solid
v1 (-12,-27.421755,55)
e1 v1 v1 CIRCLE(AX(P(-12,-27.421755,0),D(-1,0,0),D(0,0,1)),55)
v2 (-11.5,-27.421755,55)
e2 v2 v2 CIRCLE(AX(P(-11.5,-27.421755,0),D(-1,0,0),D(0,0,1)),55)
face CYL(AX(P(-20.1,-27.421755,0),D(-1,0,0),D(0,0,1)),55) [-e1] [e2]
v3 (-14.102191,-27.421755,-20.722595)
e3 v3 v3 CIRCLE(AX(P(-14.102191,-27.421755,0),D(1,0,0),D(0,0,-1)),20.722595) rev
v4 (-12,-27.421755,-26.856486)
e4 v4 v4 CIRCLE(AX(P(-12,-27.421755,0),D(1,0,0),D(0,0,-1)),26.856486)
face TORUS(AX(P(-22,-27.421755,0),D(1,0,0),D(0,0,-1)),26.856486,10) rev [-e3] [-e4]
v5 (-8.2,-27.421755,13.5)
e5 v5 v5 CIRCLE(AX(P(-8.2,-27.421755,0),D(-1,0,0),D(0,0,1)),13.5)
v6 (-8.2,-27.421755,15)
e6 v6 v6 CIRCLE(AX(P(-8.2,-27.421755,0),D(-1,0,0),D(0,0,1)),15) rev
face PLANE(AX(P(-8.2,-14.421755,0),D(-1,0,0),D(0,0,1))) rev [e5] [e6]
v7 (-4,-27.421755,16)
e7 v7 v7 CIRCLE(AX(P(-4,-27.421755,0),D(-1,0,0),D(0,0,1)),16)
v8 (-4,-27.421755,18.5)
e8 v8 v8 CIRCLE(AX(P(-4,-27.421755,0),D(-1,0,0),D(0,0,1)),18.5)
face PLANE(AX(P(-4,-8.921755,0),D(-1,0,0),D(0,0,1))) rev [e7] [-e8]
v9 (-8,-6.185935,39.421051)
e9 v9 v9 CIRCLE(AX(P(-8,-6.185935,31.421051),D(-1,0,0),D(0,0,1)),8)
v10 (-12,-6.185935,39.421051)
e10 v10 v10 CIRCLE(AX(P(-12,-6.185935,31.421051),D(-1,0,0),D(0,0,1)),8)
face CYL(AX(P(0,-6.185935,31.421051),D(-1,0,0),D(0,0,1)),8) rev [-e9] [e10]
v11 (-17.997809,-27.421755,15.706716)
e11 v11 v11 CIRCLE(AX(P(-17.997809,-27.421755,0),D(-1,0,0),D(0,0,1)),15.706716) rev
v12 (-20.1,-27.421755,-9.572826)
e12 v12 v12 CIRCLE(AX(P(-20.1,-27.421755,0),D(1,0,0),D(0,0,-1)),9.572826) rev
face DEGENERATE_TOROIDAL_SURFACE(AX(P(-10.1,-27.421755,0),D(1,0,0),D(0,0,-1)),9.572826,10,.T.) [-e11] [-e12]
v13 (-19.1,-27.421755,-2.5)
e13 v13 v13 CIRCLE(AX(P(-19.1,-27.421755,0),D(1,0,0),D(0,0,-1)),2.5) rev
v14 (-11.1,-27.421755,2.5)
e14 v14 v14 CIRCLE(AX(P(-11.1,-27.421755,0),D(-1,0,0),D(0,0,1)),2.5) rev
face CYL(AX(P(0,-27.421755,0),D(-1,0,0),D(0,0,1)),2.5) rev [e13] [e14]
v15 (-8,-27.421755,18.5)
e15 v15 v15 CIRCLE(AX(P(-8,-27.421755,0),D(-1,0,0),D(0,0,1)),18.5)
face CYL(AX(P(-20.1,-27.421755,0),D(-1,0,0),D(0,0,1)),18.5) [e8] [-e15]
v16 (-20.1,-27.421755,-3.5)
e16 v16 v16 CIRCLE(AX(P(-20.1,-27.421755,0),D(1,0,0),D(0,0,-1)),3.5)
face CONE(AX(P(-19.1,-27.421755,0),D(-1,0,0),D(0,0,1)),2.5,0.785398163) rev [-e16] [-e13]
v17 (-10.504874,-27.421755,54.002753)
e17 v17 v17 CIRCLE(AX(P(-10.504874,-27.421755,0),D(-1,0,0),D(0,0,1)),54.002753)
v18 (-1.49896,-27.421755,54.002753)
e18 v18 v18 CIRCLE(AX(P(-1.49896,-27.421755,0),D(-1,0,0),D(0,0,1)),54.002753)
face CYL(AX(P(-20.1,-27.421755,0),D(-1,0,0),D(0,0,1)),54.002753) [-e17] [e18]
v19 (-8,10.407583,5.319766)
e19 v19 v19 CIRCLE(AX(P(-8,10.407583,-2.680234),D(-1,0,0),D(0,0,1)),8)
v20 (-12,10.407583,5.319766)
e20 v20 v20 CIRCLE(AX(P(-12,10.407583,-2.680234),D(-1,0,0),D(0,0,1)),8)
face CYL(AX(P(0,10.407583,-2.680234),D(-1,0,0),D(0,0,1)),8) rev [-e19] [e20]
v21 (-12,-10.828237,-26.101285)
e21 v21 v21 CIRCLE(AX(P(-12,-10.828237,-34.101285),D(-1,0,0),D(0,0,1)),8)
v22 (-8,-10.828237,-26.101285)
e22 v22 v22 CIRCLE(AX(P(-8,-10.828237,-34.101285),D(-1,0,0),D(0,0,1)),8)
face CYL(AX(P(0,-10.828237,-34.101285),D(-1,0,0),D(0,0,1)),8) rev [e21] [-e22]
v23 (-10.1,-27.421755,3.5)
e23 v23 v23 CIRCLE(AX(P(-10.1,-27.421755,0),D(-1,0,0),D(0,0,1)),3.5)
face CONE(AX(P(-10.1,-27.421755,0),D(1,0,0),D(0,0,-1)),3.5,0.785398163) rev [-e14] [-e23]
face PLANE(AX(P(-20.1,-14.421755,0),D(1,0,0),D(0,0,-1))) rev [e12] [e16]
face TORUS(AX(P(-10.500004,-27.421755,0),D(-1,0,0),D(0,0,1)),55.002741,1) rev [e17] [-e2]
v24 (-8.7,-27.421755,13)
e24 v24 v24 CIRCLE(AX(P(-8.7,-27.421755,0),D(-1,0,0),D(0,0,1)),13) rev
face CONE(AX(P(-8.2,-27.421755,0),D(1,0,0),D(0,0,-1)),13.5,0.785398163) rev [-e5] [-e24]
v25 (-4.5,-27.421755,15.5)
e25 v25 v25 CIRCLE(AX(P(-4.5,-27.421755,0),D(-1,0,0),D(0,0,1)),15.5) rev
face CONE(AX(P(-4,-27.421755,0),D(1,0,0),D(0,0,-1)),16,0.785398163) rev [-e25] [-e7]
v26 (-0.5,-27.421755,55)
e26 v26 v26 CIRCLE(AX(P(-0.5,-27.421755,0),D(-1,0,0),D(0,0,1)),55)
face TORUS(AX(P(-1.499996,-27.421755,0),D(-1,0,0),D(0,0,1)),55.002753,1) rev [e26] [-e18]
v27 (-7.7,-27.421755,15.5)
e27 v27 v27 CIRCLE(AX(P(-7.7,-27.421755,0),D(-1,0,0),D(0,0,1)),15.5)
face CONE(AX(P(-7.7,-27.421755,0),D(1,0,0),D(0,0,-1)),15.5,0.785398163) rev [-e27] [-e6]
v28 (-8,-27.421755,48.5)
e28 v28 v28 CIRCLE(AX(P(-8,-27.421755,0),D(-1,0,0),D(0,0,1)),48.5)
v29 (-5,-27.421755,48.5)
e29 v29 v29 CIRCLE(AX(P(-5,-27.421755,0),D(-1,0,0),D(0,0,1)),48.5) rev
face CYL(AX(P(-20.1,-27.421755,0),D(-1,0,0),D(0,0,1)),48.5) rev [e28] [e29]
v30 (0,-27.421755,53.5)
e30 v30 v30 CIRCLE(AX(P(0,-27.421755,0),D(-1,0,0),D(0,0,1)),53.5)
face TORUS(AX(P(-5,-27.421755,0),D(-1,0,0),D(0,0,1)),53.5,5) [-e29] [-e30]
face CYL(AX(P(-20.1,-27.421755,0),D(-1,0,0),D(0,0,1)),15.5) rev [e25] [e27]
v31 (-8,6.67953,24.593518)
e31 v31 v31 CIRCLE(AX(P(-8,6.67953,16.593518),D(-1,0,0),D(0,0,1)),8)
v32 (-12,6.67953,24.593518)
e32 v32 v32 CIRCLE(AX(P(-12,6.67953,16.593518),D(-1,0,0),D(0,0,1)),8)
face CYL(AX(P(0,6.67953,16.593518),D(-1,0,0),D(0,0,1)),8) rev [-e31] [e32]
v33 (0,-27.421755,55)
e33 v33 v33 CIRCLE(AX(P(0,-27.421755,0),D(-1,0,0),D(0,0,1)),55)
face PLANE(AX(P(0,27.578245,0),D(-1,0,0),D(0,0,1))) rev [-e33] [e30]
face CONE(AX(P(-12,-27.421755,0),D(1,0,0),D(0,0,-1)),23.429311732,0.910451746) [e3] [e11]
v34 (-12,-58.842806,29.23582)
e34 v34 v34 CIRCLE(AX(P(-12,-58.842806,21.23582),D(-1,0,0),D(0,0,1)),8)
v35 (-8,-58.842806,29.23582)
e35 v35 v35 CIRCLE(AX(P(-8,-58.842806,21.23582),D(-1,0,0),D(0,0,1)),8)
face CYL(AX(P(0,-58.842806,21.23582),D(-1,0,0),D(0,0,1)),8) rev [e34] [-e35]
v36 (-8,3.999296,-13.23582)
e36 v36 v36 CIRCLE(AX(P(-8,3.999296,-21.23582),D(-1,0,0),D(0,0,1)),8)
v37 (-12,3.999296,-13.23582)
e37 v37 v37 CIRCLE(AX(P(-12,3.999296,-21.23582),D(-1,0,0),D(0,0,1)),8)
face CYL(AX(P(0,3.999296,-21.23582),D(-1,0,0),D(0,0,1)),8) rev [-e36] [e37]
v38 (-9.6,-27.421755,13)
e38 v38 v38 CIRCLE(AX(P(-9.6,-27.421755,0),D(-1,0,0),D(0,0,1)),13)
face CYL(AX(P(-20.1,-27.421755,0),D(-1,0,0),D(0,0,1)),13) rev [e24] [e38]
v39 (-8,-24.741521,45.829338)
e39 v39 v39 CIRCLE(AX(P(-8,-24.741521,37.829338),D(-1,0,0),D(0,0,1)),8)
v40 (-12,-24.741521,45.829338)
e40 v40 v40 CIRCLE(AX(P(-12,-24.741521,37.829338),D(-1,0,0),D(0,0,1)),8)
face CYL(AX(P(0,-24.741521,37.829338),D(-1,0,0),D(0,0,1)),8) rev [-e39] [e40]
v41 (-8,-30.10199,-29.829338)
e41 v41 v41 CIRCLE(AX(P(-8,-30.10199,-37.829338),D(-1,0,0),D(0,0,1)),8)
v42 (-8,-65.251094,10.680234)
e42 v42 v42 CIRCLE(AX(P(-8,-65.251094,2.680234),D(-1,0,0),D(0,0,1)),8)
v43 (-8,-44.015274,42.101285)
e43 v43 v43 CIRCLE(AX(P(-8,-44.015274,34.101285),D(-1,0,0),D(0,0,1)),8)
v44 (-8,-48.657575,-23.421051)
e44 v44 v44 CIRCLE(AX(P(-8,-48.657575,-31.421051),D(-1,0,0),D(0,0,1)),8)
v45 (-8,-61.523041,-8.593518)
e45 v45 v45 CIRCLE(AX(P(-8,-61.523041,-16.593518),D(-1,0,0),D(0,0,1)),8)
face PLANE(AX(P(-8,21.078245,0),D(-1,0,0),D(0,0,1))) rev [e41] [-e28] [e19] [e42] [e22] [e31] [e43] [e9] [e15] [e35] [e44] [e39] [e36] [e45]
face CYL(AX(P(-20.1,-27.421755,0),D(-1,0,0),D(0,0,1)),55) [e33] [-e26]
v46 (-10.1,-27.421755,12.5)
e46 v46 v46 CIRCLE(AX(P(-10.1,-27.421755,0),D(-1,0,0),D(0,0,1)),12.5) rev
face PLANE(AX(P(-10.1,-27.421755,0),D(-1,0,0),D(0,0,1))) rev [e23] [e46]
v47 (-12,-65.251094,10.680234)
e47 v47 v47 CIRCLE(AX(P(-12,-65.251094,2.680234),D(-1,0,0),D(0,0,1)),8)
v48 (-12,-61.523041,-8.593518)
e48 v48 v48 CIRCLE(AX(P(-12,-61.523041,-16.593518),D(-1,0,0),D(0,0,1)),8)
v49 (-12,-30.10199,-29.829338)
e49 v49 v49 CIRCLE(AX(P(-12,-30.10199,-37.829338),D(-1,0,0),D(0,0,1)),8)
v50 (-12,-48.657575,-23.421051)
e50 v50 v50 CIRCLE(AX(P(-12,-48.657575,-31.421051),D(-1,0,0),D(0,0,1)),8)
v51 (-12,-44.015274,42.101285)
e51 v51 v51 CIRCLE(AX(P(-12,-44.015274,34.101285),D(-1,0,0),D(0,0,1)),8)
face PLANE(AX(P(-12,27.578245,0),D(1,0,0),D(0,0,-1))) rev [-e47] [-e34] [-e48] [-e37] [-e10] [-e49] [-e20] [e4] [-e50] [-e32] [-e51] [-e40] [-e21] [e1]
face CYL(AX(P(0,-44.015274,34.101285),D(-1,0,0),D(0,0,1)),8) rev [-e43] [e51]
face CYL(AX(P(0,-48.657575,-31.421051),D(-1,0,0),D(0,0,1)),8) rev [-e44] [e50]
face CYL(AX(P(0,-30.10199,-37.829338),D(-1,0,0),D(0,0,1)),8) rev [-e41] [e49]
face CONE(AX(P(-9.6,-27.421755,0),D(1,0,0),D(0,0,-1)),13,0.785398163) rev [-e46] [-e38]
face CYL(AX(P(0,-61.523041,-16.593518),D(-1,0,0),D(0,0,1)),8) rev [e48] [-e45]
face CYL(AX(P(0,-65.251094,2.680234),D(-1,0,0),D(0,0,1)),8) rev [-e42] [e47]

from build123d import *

# Parameters (mm, degrees)
SZKIC2_R                   = 2.5
WYTNIJ_WYCI_GNI_CIE1_DEPTH = 102.105666205
ZAOKR_GLENIE1_R            = 10
ZAOKR_GLENIE2_R            = 5
SFAZOWANIE1_SIZE           = 1
SFAZOWANIE2_SIZE           = 0.5
SFAZOWANIE3_SIZE           = 0.5
SZKIC3_R                   = 8
WYTNIJ_WYCI_GNI_CIE2_DEPTH = 100.811551129


with BuildPart() as part:
    # Szkic1 → Obrót1 (revolve)
    with BuildSketch(Plane.XY, mode=Mode.PRIVATE) as obr_t1_sk:
        with BuildLine():
            Line((0, 27.578244749), (0, 21.078244749))
            Line((0, 21.078244749), (-8, 21.078244749))
            Line((-8, 21.078244749), (-8, -8.921755251))
            Line((-8, -8.921755251), (-4, -8.921755251))
            Line((-4, -8.921755251), (-4, -11.921755251))
            Line((-4, -11.921755251), (-8.2, -11.921755251))
            Line((-8.2, -11.921755251), (-8.2, -14.421755251))
            Line((-8.2, -14.421755251), (-10.1, -14.421755251))
            Line((-10.1, -14.421755251), (-10.1, -27.421755251))
            Line((-10.1, -27.421755251), (-20.1, -27.421755251))
            Line((-20.1, -27.421755251), (-20.1, -14.421755251))
            Line((-20.1, -14.421755251), (-12, -3.992443519))
            Line((-12, -3.992443519), (-12, 27.578244749))
            Line((-12, 27.578244749), (-11.5, 27.578244749))
            ThreePointArc((-11.5, 27.578244749), (-11.207862875, 26.874632586), (-10.504874285, 26.580998091))
            Line((-10.504874285, 26.580998091), (-1.498959596, 26.580998091))
            ThreePointArc((-1.498959596, 26.580998091), (-0.793496456, 26.873284267), (-0.5, 27.578244749))
            Line((-0.5, 27.578244749), (0, 27.578244749))
        make_face()
    revolve(obr_t1_sk.sketch.rotate(Axis((-20.1, -27.421755251, 0), (1, 0, 0)), 90), axis=Axis((-20.1, -27.421755251, 0), (1, 0, 0)))

    # Szkic2 → Wytnij-wyciągnięcie1 (cut, through all)
    with BuildSketch(Plane.ZY.offset(20.1)):
        with Locations((0, -27.421755251)):
            Circle(SZKIC2_R)
    extrude(amount=-WYTNIJ_WYCI_GNI_CIE1_DEPTH, mode=Mode.SUBTRACT)

    # Zaokrąglenie1
    zaokr_glenie1_edges = [part.edges().sort_by_distance(p)[0] for p in [
        (-20.1, -27.421755251, -13),
        (-12, -27.421755251, -23.429311732),
    ]]
    fillet(zaokr_glenie1_edges, radius=ZAOKR_GLENIE1_R)

    # Zaokrąglenie2
    zaokr_glenie2_edges = [part.edges().sort_by_distance(p)[0] for p in [
        (0, -27.421755251, -48.5),
    ]]
    fillet(zaokr_glenie2_edges, radius=ZAOKR_GLENIE2_R)

    # Sfazowanie1
    sfazowanie1_edges = [part.edges().sort_by_distance(p)[0] for p in [
        (-10.1, -27.421755251, -2.5),
        (-20.1, -27.421755251, -2.5),
    ]]
    chamfer(sfazowanie1_edges, length=SFAZOWANIE1_SIZE)

    # Sfazowanie2
    sfazowanie2_edges = [part.edges().sort_by_distance(p)[0] for p in [
        (-8.2, -27.421755251, -13),
        (-10.1, -27.421755251, -13),
    ]]
    chamfer(sfazowanie2_edges, length=SFAZOWANIE2_SIZE)

    # Sfazowanie3
    sfazowanie3_edges = [part.edges().sort_by_distance(p)[0] for p in [
        (-4, -27.421755251, -15.5),
        (-8.2, -27.421755251, -15.5),
    ]]
    chamfer(sfazowanie3_edges, length=SFAZOWANIE3_SIZE)

    # Szkic3 → Wytnij-wyciągnięcie2 (cut, through all)
    with BuildSketch(Plane.ZY.offset(12)):
        with Locations((37.829338499, -24.741520982)):
            Circle(SZKIC3_R)
        with Locations((34.101285283, -44.015273535)):
            Circle(SZKIC3_R)
        with Locations((21.235820215, -58.842806265)):
            Circle(SZKIC3_R)
        with Locations((2.68023427, -65.25109375)):
            Circle(SZKIC3_R)
        with Locations((-16.593518284, -61.523040535)):
            Circle(SZKIC3_R)
        with Locations((-31.421051014, -48.657575467)):
            Circle(SZKIC3_R)
        with Locations((-37.829338499, -30.101989521)):
            Circle(SZKIC3_R)
        with Locations((-34.101285283, -10.828236968)):
            Circle(SZKIC3_R)
        with Locations((-21.235820215, 3.999295762)):
            Circle(SZKIC3_R)
        with Locations((-2.68023427, 10.407583248)):
            Circle(SZKIC3_R)
        with Locations((16.593518284, 6.679530032)):
            Circle(SZKIC3_R)
        with Locations((31.421051014, -6.185935036)):
            Circle(SZKIC3_R)
    extrude(amount=-WYTNIJ_WYCI_GNI_CIE2_DEPTH, mode=Mode.SUBTRACT)


solid = part.part
